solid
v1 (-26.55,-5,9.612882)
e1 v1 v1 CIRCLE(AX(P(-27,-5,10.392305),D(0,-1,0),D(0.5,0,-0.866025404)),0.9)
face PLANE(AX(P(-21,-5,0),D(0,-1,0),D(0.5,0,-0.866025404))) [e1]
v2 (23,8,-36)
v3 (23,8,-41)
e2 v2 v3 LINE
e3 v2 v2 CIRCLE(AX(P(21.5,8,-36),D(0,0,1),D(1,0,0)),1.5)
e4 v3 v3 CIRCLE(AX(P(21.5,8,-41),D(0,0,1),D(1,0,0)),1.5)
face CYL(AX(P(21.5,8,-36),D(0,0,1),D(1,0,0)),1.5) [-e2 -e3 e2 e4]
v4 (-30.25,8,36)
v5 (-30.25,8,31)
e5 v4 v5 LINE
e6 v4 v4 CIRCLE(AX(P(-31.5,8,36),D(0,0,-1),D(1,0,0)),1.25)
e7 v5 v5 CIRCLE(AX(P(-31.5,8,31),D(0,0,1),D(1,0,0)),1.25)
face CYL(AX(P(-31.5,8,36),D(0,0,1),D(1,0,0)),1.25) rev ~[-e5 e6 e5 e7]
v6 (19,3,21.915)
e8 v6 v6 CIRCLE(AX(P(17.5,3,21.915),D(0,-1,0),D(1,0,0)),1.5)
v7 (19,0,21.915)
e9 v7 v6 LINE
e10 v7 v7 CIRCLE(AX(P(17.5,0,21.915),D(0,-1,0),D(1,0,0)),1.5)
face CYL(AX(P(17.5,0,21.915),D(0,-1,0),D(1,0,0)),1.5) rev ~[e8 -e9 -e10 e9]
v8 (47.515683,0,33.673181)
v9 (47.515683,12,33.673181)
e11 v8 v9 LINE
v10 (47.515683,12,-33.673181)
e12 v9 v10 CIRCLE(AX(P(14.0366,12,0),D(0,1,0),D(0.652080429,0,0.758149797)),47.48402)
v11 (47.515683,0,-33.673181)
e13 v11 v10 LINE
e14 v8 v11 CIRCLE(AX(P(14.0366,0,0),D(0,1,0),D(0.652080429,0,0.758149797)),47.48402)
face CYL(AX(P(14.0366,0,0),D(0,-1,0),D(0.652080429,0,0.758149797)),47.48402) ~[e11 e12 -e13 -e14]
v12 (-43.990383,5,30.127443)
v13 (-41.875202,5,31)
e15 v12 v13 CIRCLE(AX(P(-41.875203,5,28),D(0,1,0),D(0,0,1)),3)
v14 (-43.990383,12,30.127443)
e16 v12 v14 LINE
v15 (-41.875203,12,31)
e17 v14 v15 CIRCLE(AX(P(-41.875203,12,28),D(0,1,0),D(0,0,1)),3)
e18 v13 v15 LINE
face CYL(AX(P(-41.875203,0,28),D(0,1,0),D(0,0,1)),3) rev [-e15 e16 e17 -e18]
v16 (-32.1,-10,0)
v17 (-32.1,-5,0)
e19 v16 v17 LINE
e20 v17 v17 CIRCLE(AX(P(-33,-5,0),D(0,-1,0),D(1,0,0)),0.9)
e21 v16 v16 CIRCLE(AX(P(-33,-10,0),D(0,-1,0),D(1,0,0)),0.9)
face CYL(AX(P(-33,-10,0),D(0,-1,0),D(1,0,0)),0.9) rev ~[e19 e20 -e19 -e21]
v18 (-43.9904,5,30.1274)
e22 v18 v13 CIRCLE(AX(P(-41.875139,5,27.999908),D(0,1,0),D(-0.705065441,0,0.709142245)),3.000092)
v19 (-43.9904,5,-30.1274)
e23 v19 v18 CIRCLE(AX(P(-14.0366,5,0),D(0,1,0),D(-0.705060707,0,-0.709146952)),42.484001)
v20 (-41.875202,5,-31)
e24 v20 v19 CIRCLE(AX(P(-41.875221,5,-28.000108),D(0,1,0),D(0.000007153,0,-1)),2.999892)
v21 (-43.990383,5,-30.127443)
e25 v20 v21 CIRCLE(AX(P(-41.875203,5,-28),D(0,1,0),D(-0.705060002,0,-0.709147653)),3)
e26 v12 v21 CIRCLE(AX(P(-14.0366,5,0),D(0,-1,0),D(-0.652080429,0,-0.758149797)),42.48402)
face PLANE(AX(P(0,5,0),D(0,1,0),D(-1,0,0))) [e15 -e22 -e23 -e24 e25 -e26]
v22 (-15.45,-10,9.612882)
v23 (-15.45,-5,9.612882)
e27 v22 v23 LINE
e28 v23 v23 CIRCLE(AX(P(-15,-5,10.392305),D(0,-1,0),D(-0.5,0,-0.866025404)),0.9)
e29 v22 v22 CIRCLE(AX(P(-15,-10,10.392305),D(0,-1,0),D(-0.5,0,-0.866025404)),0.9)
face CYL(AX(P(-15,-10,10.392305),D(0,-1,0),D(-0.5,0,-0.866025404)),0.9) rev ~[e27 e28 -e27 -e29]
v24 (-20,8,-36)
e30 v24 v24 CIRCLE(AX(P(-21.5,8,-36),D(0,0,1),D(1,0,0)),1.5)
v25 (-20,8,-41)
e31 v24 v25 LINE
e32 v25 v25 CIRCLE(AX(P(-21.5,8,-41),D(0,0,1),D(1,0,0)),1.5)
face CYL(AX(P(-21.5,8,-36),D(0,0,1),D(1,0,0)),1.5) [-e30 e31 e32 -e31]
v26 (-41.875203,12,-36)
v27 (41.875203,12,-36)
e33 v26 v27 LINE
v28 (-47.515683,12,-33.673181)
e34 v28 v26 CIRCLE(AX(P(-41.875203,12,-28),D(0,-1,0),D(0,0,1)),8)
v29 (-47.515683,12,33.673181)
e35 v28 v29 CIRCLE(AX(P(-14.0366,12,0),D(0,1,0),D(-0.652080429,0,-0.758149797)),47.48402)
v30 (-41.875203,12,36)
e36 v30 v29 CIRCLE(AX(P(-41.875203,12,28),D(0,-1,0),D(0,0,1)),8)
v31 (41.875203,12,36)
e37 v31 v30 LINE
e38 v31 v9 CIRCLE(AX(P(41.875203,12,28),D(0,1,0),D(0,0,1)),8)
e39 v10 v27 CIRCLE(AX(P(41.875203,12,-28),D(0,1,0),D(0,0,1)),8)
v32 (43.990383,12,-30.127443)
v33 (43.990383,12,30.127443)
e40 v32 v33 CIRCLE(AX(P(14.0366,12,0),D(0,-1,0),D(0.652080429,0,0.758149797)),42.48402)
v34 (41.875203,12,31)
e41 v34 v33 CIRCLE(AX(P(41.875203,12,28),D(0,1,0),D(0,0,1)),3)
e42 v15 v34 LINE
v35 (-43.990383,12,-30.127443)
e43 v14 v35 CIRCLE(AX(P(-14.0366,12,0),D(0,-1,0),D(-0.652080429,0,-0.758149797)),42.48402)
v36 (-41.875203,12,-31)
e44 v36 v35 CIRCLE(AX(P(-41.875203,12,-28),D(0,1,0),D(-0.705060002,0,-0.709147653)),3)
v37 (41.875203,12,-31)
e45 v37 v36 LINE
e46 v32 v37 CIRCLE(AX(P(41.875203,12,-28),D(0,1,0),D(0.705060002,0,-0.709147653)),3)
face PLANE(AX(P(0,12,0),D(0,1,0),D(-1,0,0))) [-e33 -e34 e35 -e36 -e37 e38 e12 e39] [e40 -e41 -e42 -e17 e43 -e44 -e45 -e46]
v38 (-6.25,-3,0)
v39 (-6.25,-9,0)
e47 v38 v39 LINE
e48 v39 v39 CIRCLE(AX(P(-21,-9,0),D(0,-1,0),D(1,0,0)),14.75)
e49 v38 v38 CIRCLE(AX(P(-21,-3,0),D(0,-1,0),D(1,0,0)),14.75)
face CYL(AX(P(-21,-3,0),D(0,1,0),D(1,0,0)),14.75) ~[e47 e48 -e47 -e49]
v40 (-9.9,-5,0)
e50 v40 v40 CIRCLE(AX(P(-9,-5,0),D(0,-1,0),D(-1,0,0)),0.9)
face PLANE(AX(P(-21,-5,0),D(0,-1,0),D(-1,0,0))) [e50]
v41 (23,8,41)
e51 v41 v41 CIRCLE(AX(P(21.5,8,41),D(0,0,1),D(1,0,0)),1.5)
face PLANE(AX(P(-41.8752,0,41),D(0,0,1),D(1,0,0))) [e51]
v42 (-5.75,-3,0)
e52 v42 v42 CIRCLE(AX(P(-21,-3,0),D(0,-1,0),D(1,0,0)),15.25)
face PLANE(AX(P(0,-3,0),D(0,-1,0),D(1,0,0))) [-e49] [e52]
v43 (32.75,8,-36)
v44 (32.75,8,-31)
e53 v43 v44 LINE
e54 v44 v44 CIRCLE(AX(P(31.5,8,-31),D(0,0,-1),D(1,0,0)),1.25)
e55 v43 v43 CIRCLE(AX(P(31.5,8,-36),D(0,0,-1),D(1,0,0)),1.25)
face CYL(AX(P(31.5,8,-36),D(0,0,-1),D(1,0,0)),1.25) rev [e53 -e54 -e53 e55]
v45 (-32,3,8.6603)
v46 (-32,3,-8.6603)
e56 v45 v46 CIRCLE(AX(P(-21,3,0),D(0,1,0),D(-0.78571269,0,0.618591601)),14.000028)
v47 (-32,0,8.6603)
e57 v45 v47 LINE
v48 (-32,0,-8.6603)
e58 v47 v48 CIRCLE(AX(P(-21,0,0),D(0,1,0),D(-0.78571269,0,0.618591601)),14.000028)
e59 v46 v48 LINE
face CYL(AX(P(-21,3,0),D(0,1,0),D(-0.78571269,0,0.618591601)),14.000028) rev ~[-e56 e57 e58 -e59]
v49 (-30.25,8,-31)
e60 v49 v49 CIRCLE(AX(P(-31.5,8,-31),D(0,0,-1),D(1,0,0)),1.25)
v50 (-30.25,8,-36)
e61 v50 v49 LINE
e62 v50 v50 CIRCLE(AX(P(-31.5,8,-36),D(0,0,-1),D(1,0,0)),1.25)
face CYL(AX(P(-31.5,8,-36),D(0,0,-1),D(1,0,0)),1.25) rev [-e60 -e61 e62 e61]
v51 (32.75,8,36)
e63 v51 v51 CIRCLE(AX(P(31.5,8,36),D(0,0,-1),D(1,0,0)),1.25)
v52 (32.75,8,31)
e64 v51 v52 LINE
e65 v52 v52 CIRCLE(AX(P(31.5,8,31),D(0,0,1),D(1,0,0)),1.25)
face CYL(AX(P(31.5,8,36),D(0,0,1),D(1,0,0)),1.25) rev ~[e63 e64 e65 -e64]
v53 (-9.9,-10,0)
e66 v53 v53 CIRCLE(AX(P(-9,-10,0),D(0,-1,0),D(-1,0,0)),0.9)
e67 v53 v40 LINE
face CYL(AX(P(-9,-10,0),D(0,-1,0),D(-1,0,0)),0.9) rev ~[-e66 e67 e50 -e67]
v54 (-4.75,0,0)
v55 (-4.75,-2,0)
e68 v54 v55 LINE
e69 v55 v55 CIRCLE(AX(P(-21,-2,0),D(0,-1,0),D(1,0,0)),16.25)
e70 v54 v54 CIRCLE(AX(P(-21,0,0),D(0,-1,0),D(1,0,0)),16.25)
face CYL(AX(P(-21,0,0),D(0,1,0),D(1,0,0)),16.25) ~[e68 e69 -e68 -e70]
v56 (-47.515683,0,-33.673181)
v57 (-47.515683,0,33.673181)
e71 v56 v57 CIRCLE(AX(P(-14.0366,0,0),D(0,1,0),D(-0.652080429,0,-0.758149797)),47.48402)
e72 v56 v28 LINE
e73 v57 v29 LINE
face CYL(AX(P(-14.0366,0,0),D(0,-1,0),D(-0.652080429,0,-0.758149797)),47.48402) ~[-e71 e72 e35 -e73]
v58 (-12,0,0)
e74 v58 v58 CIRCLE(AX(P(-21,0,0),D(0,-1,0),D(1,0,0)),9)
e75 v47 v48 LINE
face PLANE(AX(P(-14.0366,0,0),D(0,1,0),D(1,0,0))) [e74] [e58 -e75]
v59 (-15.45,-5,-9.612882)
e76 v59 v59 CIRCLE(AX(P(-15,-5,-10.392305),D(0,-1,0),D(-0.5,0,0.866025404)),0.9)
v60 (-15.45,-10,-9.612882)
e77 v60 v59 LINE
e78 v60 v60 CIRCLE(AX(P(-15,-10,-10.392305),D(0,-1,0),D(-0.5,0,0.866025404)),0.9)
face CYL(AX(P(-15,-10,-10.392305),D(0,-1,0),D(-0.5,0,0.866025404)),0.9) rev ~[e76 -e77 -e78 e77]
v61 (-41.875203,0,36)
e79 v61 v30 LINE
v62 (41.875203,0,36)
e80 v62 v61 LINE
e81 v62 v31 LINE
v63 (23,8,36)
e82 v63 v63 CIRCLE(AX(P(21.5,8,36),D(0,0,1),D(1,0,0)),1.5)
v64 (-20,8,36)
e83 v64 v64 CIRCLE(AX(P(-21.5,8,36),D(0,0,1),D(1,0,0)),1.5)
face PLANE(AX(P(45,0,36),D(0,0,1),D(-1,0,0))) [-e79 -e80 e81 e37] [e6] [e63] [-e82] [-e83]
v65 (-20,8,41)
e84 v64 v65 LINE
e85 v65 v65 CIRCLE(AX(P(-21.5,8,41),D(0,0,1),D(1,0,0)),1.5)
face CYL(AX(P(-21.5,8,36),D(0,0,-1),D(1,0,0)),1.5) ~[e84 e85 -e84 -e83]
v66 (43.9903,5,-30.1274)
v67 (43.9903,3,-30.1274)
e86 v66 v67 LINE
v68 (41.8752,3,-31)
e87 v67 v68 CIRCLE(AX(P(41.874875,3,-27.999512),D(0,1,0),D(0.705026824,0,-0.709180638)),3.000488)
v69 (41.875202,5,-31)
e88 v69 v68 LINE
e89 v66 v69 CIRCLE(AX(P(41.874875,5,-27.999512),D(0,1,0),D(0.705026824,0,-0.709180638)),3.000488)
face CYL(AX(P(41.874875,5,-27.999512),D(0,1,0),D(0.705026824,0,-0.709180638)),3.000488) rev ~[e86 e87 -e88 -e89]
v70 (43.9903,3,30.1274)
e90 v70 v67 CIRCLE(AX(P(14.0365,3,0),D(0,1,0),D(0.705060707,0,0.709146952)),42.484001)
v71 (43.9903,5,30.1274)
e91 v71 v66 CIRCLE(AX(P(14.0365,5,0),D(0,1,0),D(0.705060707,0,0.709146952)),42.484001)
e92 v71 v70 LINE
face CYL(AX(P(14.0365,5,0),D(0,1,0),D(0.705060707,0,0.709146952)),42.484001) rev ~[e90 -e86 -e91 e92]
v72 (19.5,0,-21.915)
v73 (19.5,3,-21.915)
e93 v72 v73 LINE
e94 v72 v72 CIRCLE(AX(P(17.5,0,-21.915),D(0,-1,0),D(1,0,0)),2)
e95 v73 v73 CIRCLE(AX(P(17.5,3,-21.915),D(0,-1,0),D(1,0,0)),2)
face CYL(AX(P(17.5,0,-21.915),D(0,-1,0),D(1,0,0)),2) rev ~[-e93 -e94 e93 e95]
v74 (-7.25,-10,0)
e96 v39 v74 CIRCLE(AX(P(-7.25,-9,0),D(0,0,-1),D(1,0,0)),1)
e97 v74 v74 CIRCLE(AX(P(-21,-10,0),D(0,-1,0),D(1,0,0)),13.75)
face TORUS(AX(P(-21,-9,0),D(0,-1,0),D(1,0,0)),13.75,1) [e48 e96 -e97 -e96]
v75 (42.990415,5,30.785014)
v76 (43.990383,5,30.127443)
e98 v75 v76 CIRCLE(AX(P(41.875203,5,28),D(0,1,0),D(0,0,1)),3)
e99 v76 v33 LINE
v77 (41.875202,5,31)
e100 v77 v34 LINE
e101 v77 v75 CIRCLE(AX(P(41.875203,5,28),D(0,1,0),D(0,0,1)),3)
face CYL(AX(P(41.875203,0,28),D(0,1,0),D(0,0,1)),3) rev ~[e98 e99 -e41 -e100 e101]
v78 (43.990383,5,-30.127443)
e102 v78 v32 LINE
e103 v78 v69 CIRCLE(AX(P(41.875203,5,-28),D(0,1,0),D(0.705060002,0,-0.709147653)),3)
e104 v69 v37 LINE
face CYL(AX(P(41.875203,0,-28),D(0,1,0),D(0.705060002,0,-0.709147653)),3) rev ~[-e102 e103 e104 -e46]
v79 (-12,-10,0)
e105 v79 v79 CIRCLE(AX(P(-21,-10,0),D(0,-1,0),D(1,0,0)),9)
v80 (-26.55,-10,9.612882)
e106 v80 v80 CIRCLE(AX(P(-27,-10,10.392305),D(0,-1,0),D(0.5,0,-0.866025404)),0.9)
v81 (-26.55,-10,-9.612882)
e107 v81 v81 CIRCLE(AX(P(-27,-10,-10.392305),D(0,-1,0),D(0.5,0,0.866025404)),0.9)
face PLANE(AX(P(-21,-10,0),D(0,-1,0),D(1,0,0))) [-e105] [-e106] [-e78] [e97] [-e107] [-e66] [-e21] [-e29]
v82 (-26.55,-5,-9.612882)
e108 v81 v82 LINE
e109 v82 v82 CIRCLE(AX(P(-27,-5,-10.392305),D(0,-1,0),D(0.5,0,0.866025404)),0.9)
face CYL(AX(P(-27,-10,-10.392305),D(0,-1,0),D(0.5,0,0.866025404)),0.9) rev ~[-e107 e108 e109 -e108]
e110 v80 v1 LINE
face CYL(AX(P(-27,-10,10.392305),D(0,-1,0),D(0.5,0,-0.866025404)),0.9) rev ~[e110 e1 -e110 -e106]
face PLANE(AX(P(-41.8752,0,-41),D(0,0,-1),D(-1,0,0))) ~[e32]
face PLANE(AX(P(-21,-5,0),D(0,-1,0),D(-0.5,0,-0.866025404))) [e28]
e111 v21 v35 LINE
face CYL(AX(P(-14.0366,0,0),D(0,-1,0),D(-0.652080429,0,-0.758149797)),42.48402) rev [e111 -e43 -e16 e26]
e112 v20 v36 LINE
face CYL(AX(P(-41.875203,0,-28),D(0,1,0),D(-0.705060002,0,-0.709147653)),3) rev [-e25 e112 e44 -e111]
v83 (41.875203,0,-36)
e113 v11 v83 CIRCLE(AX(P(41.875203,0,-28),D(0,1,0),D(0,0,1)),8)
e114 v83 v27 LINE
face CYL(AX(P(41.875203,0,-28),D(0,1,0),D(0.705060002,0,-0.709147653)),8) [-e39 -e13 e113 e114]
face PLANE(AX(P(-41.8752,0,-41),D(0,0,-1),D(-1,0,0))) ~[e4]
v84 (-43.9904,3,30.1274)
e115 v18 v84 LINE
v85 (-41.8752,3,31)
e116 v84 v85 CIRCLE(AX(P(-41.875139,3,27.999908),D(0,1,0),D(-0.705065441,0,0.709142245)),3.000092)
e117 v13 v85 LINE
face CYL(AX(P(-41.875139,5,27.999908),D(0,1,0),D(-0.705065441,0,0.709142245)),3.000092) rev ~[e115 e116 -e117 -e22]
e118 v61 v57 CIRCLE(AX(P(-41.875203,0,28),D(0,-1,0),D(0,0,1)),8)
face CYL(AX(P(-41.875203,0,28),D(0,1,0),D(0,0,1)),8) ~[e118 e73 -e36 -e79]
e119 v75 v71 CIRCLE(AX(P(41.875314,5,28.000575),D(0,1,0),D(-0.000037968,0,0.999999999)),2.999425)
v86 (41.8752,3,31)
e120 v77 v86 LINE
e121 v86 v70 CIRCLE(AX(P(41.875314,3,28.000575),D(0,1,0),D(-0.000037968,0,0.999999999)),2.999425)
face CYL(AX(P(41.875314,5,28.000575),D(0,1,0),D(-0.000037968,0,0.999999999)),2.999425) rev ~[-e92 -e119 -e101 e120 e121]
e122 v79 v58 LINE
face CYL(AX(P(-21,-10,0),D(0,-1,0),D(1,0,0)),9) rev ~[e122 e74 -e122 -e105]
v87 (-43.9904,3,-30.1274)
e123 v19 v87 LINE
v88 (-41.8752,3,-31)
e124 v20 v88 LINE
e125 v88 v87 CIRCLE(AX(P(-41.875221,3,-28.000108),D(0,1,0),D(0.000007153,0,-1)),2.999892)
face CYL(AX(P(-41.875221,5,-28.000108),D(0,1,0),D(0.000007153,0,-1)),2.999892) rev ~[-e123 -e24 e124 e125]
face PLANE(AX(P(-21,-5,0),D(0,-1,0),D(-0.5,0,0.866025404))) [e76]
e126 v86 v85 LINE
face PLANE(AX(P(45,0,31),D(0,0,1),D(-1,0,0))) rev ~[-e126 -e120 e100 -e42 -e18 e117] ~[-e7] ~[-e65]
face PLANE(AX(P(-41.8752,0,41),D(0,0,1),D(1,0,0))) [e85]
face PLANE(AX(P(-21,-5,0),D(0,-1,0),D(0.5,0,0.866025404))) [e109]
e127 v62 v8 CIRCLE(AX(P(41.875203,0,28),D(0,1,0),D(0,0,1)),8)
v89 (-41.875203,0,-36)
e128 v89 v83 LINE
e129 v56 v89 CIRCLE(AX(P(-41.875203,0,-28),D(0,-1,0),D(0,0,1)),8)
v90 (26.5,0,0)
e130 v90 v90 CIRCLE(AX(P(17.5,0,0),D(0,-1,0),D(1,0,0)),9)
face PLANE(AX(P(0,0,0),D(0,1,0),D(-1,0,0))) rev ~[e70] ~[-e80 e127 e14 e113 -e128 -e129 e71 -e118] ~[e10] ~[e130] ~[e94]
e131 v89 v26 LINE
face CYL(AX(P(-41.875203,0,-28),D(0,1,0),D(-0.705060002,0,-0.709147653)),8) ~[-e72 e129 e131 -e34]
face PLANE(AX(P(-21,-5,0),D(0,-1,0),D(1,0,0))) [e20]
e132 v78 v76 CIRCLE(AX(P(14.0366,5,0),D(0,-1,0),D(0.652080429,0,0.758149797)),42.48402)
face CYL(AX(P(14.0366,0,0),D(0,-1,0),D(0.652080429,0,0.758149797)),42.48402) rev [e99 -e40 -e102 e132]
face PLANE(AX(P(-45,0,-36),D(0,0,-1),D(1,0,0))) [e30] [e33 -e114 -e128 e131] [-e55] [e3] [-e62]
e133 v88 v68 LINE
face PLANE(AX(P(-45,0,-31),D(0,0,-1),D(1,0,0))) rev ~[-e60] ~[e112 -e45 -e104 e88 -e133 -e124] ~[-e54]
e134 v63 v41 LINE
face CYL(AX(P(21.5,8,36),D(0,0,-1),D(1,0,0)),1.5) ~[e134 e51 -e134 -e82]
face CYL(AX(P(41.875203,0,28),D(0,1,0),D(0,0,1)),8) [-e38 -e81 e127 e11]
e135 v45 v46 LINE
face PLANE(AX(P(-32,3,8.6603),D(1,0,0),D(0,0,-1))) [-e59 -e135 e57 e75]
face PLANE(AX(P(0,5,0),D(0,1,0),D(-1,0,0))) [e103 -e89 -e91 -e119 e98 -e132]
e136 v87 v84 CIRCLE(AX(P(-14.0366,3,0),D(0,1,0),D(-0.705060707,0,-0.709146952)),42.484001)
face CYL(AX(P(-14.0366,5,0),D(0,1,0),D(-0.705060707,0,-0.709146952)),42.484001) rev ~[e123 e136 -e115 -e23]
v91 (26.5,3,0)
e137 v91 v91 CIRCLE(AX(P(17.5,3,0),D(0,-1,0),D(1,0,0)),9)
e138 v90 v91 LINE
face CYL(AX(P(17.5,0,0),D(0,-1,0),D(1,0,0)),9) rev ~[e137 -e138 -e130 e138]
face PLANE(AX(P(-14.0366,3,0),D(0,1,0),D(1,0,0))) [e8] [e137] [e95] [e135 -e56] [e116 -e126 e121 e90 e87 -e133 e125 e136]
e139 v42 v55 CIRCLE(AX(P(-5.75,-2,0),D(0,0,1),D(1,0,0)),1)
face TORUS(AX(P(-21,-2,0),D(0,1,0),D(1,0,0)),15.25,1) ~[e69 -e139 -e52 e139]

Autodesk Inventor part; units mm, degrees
ref_plane "YZ Plane" through (0, 0, 0) normal (1, 0, 0) x (0, 1, 0)
ref_plane "XZ Plane" through (0, 0, 0) normal (0, 1, 0) x (-1, 0, 0)
ref_plane "XY Plane" through (0, 0, 0) normal (0, 0, 1) x (1, 0, 0)
sketch "스케치1" plane through (0, 0, 0) normal (0, 1, 0) x (-1, 0, 0)
  line L0 (-45, 36) -> (45, 36)
  line L1 (45, 36) -> (45, -36)
  line L2 (45, -36) -> (-45, -36)
  line L3 (-45, -36) -> (-45, 36)
  line L4 (-45, 36) -> (45, -36) construction
  line L5 (45, 36) -> (-45, -36) construction
  arc A0 (45, -36) -> (45, 36) centre (14.0366, 0) ccw
  line L6 (0, 68.3941) -> (0, -86.625) construction
  arc A1 (-45, 36) -> (-45, -36) centre (-14.0366, 0) ccw
  point P0 (0, 0)
  dimension "d0" = 90
  dimension "d1" = 72
extrude "돌출1" add sketch "스케치1" along normal blind 12
fillet "모깎기1" radius 8 4 edges at (45, 6, 36) (-45, 6, 36) (-45, 6, -36) (45, 6, -36)
shell "쉘1" thickness 5 removed faces 1 at (-13.9584, 12, 12)
sketch "스케치2" plane through (0, 0, 0) normal (0, -1, 0) x (1, 0, 0)
  circle A0 centre (-21, 0) radius 15
  circle A1 centre (-21, 0) radius 16.25
  point P0 (0, 0)
  dimension "d6" = 21
  dimension "d7" = 30
  dimension "d8" = 32.5
extrude "돌출2" add sketch "스케치2" along normal blind 3 contours A0 | A1
sketch "스케치3" plane through (-21, -3, 0) normal (0, -1, 0) x (1, 0, 0)
  circle A0 centre (0, 0) radius 14.75
  point P0 (21, 0)
  dimension "d11" = 29.5
extrude "돌출3" add sketch "스케치3" along normal blind 7
sketch "스케치4" plane through (-21, -10, 0) normal (0, -1, 0) x (1, 0, 0)
  circle A0 centre (0, 0) radius 9
  point P0 (21, 0)
  dimension "d14" = 18
extrude "돌출4" cut sketch "스케치4" against normal through all
fillet "모깎기2" radius 1 1 edges at (-35.75, -10, 0)
sketch "스케치5" plane through (0, 0, 0) normal (0, -1, 0) x (1, 0, 0)
  circle A0 centre (-21, 0) radius 9 projected
  circle A1 centre (17.5, 0) radius 9
  point P0 (0, 0)
  dimension "d18" = 18
  dimension "d19" = 38.5
extrude "돌출5" cut sketch "스케치5" against normal blind 10 contours A1
sketch "스케치6" plane through (-21, -10, 0) normal (0, -1, 0) x (1, 0, 0)
  circle A0 centre (0, 0) radius 12 construction
  circle A1 centre (-12, 0) radius 0.9
  point P0 (21, 0)
  dimension "d22" = 24
  dimension "d23" = 1.8
extrude "돌출6" cut sketch "스케치6" against normal blind 5
pattern_circular "원형 패턴1" count 6 over 360 about axis through (-21, -10, 0) along (0, 1, 0) of "돌출6"
sketch "스케치7" plane through (0, 0, 0) normal (0, -1, 0) x (1, 0, 0)
  circle A0 centre (17.5, 0) radius 9 projected
  circle A1 centre (17.5, 21.915) radius 1.5
  circle A2 centre (17.5, -21.915) radius 2
  point P0 (0, 0)
  dimension "d29" = 3
  dimension "d30" = 21.915
  dimension "d31" = 4
  dimension "d32" = 21.915
extrude "돌출7" cut sketch "스케치7" against normal blind 7 contours A1 | A2
sketch "스케치9" plane through (-41.8752, 0, 36) normal (0, 0, 1) x (1, 0, 0)
  line L0 (-3.3551, 8) -> (110.2379, 8) construction
  line L1 (0, 0) -> (83.7504, 0) projected
  line L2 (20.3752, 11.2841) -> (20.3752, -22.7562) construction
  line L3 (10.3752, 14.1991) -> (10.3752, -23.7906) construction
  line L4 (41.8752, 0) -> (41.8752, 28.3042) construction
  line L5 (63.3752, 11.2841) -> (63.3752, -22.7562) construction
  line L6 (73.3752, 14.1991) -> (73.3752, -23.7906) construction
  circle A0 centre (20.3752, 8) radius 1.5
  circle A1 centre (63.3752, 8) radius 1.5
  dimension "d39" = 8
  dimension "d40" = 31.5
  dimension "d41" = 21.5
  dimension "d42" = 3
  dimension "d43" = 3
extrude "돌출9" add sketch "스케치9" along normal blind 5
sketch "스케치10" plane through (-41.8752, 0, 36) normal (0, 0, 1) x (1, 0, 0)
  line L0 (-42.2154, 8) -> (125.0102, 8) construction
  line L1 (10.3752, 32.8081) -> (10.3752, -49.6899)
  line L2 (73.3752, 21.1819) -> (73.3752, -27.2339)
  circle A0 centre (10.3752, 8) radius 1.25
  circle A1 centre (73.3752, 8) radius 1.25
  point P0 (41.8752, 0)
  dimension "d46" = 8
  dimension "d47" = 31.5
  dimension "d48" = 31.5
  dimension "d49" = 2.5
  dimension "d50" = 2.5
extrude "돌출10" cut sketch "스케치10" against normal blind 8.8
fillet "모깎기3" radius 1 1 edges at (-37.25, -3, 0)
mirror "미러2" about plane through (0, 0, 0) normal (0, 0, 1) of "돌출10", "돌출9"
sketch "스케치12" plane through (-14.0366, 5, 0) normal (0, 1, 0) x (1, 0, 0)
  arc A0 (-29.9538, 30.1274) -> (-29.9538, -30.1274) centre (0, 0) ccw projected
  arc A1 (-27.8386, 31) -> (-29.9538, 30.1274) centre (-27.8386, 28) ccw projected
  line L0 (-27.8386, 31) -> (55.9118, 31) projected
  arc A2 (58.0269, 30.1274) -> (55.9118, 31) centre (55.9118, 28) ccw projected
  arc A3 (58.0269, -30.1274) -> (58.0269, 30.1274) centre (28.0731, 0) ccw projected
  arc A4 (55.9118, -31) -> (58.0269, -30.1274) centre (55.9118, -28) ccw projected
  line L1 (55.9118, -31) -> (-27.8386, -31) projected
  arc A5 (-29.9538, -30.1274) -> (-27.8386, -31) centre (-27.8386, -28) ccw projected
  point P0 (14.0366, 0)
extrude "돌출12" cut sketch "스케치12" against normal blind 2
sketch "스케치14" plane through (-14.0366, 3, 0) normal (0, 1, 0) x (1, 0, 0)
  arc A0 (-17.9634, -8.6603) -> (-17.9634, 8.6603) centre (-6.9634, 0) ccw
  line L0 (-17.9634, -8.6603) -> (-17.9634, 8.6603)
  point P0 (14.0366, 0)
  dimension "d62" = 28
  dimension "d63" = 25
extrude "돌출14" cut sketch "스케치14" against normal blind 3
properties part number "밑판(new)"
